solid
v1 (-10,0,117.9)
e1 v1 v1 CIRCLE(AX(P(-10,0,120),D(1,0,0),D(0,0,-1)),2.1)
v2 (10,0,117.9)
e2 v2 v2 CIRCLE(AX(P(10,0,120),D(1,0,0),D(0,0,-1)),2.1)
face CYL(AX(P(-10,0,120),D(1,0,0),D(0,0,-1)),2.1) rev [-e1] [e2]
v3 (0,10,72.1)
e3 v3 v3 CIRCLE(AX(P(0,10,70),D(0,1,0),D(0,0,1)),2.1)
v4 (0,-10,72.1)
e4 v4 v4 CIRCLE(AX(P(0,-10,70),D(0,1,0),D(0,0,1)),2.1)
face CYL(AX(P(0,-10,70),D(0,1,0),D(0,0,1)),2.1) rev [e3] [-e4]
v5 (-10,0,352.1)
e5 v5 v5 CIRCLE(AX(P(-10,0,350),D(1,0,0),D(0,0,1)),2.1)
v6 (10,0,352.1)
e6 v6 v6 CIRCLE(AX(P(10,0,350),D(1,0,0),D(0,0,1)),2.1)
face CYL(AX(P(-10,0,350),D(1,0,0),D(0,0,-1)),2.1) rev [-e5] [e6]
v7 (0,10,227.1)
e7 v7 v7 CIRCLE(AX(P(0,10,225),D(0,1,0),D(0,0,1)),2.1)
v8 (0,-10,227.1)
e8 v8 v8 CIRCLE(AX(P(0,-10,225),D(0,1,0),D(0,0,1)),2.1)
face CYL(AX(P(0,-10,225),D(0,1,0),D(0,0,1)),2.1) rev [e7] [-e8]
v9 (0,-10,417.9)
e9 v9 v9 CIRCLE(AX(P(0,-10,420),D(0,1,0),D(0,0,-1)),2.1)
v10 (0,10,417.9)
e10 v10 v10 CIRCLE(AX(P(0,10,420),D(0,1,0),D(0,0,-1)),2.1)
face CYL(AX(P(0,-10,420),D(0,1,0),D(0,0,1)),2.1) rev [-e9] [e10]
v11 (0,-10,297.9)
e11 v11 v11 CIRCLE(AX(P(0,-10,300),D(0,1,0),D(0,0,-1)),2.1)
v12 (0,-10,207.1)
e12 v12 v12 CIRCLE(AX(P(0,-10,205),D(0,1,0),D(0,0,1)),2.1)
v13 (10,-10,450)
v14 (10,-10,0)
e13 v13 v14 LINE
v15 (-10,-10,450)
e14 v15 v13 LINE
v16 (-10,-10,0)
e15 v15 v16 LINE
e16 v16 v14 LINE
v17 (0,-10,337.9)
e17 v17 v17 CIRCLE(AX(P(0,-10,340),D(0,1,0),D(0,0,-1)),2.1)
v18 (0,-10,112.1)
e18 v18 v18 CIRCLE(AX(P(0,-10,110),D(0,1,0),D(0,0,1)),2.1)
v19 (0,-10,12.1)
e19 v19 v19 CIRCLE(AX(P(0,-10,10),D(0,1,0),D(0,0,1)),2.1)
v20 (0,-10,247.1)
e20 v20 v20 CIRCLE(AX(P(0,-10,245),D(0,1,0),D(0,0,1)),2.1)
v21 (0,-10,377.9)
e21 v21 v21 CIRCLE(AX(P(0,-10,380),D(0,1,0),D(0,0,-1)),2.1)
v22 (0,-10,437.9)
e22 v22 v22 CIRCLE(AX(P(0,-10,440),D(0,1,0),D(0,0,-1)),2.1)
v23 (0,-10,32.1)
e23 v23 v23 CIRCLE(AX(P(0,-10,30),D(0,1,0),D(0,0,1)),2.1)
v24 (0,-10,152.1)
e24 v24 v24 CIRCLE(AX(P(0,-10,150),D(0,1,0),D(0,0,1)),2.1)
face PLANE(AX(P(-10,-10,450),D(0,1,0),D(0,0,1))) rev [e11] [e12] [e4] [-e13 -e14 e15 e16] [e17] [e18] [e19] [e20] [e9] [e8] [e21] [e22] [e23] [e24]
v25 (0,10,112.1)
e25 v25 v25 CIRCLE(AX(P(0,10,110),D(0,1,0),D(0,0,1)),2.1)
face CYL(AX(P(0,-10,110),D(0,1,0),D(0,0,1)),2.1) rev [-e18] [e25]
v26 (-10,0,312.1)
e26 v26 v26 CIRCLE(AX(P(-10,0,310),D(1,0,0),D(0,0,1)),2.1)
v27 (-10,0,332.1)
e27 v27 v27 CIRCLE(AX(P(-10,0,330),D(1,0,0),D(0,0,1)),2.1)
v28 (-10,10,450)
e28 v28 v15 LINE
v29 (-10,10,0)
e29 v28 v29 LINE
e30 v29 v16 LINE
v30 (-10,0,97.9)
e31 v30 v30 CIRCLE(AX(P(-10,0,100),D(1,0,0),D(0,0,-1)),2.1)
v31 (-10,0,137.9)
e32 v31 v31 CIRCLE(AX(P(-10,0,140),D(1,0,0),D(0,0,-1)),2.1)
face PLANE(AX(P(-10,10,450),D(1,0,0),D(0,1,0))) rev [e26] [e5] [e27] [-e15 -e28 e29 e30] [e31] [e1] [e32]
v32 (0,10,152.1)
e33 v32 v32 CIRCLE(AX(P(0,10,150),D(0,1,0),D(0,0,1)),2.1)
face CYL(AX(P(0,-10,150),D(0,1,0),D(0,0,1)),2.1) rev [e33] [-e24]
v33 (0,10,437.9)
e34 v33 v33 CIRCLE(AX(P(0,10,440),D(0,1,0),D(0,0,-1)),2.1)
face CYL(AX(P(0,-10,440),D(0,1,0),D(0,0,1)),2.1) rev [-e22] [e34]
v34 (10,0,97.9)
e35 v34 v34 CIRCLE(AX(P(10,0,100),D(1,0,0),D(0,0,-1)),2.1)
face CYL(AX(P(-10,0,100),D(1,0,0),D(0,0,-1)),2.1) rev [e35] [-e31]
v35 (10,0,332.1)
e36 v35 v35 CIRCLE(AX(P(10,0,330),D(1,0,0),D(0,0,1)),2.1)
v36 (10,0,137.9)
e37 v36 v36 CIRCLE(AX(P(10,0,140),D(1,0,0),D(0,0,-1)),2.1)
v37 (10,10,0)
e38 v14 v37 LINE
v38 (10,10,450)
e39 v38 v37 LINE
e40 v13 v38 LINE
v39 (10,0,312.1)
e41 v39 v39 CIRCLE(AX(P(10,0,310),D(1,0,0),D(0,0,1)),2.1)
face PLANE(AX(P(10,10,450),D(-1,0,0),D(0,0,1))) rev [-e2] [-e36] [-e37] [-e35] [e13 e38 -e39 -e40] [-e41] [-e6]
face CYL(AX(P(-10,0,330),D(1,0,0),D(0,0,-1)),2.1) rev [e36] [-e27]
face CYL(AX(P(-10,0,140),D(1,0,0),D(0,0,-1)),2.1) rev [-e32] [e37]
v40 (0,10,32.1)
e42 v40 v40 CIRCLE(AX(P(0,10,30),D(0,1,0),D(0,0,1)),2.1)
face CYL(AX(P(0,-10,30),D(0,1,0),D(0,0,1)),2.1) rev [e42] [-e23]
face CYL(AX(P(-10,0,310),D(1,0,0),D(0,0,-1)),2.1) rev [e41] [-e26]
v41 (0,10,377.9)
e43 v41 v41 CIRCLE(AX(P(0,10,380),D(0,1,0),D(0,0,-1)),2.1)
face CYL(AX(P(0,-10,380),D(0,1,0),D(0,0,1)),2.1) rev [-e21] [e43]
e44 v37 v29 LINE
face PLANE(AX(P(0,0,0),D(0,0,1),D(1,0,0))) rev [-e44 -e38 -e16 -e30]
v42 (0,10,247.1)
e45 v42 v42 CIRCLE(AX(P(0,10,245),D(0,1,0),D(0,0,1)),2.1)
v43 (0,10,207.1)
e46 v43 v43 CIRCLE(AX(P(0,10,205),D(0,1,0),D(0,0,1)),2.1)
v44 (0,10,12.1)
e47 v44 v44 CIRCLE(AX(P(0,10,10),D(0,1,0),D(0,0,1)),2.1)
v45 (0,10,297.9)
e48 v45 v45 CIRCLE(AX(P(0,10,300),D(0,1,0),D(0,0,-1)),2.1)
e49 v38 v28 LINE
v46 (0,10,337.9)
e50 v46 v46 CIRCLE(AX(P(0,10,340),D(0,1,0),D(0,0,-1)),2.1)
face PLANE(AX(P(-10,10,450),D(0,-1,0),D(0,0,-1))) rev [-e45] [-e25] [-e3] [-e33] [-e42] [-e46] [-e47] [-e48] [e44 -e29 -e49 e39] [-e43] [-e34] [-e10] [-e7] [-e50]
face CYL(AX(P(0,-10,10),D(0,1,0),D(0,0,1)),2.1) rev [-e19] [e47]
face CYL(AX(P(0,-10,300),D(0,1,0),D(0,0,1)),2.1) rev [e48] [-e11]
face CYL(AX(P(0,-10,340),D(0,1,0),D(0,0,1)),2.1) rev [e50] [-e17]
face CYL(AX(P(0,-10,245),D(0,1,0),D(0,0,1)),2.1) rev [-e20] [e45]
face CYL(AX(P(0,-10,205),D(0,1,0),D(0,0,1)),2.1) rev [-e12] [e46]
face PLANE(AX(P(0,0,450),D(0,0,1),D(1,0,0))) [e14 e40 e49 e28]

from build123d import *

# Parameters (mm, degrees)
SKETCH_1_W          = 20
SKETCH_1_H          = 20
EXTRUDE_1_DEPTH     = 450
SKETCH_2_R          = 2.1
CUT_EXTRUDE_1_DEPTH = 451.555213043
SKETCH_3_R          = 2.1
CUT_EXTRUDE_2_DEPTH = 451.555213043
SKETCH_4_R          = 2.1
CUT_EXTRUDE_3_DEPTH = 451.555213043


with BuildPart() as part:
    # 草图1 → 凸台-拉伸1 (new body)
    with BuildSketch(Plane.XY):
        Rectangle(SKETCH_1_W, SKETCH_1_H)
    extrude(amount=EXTRUDE_1_DEPTH)

    # 草图2 → 切除-拉伸1 (cut, through all)
    with BuildSketch(Plane(origin=(10, 0, 0), x_dir=(0, 0, -1), z_dir=(1, 0, 0))):
        with Locations((-100, 0)):
            Circle(SKETCH_2_R)
        with Locations((-120, 0)):
            Circle(SKETCH_2_R)
        with Locations((-140, 0)):
            Circle(SKETCH_2_R)
        with Locations(Location((-350, 0, 0), (0, 0, 180))):
            Circle(SKETCH_2_R)
        with Locations(Location((-330, 0, 0), (0, 0, 180))):
            Circle(SKETCH_2_R)
        with Locations(Location((-310, 0, 0), (0, 0, 180))):
            Circle(SKETCH_2_R)
    extrude(amount=-CUT_EXTRUDE_1_DEPTH, mode=Mode.SUBTRACT)

    # 草图3 → 切除-拉伸2 (cut, through all)
    with BuildSketch(Plane(origin=(0, 10, 0), x_dir=(1, 0, 0), z_dir=(0, 1, 0))):
        with Locations(Location((0, -245, 0), (0, 0, 270))):
            Circle(SKETCH_3_R)
        with Locations(Location((0, -225, 0), (0, 0, 270))):
            Circle(SKETCH_3_R)
        with Locations(Location((0, -205, 0), (0, 0, 270))):
            Circle(SKETCH_3_R)
    extrude(amount=-CUT_EXTRUDE_2_DEPTH, mode=Mode.SUBTRACT)

    # 草图4 → 切除-拉伸3 (cut, through all)
    with BuildSketch(Plane(origin=(0, 10, 0), x_dir=(1, 0, 0), z_dir=(0, 1, 0))):
        with Locations(Location((0, -10, 0), (0, 0, 270))):
            Circle(SKETCH_4_R)
        with Locations(Location((0, -30, 0), (0, 0, 270))):
            Circle(SKETCH_4_R)
        with Locations(Location((0, -440, 0), (0, 0, 90))):
            Circle(SKETCH_4_R)
        with Locations(Location((0, -420, 0), (0, 0, 90))):
            Circle(SKETCH_4_R)
        with Locations(Location((0, -70, 0), (0, 0, 270))):
            Circle(SKETCH_4_R)
        with Locations(Location((0, -110, 0), (0, 0, 270))):
            Circle(SKETCH_4_R)
        with Locations(Location((0, -150, 0), (0, 0, 270))):
            Circle(SKETCH_4_R)
        with Locations(Location((0, -380, 0), (0, 0, 90))):
            Circle(SKETCH_4_R)
        with Locations(Location((0, -340, 0), (0, 0, 90))):
            Circle(SKETCH_4_R)
        with Locations(Location((0, -300, 0), (0, 0, 90))):
            Circle(SKETCH_4_R)
    extrude(amount=-CUT_EXTRUDE_3_DEPTH, mode=Mode.SUBTRACT)


solid = part.part
